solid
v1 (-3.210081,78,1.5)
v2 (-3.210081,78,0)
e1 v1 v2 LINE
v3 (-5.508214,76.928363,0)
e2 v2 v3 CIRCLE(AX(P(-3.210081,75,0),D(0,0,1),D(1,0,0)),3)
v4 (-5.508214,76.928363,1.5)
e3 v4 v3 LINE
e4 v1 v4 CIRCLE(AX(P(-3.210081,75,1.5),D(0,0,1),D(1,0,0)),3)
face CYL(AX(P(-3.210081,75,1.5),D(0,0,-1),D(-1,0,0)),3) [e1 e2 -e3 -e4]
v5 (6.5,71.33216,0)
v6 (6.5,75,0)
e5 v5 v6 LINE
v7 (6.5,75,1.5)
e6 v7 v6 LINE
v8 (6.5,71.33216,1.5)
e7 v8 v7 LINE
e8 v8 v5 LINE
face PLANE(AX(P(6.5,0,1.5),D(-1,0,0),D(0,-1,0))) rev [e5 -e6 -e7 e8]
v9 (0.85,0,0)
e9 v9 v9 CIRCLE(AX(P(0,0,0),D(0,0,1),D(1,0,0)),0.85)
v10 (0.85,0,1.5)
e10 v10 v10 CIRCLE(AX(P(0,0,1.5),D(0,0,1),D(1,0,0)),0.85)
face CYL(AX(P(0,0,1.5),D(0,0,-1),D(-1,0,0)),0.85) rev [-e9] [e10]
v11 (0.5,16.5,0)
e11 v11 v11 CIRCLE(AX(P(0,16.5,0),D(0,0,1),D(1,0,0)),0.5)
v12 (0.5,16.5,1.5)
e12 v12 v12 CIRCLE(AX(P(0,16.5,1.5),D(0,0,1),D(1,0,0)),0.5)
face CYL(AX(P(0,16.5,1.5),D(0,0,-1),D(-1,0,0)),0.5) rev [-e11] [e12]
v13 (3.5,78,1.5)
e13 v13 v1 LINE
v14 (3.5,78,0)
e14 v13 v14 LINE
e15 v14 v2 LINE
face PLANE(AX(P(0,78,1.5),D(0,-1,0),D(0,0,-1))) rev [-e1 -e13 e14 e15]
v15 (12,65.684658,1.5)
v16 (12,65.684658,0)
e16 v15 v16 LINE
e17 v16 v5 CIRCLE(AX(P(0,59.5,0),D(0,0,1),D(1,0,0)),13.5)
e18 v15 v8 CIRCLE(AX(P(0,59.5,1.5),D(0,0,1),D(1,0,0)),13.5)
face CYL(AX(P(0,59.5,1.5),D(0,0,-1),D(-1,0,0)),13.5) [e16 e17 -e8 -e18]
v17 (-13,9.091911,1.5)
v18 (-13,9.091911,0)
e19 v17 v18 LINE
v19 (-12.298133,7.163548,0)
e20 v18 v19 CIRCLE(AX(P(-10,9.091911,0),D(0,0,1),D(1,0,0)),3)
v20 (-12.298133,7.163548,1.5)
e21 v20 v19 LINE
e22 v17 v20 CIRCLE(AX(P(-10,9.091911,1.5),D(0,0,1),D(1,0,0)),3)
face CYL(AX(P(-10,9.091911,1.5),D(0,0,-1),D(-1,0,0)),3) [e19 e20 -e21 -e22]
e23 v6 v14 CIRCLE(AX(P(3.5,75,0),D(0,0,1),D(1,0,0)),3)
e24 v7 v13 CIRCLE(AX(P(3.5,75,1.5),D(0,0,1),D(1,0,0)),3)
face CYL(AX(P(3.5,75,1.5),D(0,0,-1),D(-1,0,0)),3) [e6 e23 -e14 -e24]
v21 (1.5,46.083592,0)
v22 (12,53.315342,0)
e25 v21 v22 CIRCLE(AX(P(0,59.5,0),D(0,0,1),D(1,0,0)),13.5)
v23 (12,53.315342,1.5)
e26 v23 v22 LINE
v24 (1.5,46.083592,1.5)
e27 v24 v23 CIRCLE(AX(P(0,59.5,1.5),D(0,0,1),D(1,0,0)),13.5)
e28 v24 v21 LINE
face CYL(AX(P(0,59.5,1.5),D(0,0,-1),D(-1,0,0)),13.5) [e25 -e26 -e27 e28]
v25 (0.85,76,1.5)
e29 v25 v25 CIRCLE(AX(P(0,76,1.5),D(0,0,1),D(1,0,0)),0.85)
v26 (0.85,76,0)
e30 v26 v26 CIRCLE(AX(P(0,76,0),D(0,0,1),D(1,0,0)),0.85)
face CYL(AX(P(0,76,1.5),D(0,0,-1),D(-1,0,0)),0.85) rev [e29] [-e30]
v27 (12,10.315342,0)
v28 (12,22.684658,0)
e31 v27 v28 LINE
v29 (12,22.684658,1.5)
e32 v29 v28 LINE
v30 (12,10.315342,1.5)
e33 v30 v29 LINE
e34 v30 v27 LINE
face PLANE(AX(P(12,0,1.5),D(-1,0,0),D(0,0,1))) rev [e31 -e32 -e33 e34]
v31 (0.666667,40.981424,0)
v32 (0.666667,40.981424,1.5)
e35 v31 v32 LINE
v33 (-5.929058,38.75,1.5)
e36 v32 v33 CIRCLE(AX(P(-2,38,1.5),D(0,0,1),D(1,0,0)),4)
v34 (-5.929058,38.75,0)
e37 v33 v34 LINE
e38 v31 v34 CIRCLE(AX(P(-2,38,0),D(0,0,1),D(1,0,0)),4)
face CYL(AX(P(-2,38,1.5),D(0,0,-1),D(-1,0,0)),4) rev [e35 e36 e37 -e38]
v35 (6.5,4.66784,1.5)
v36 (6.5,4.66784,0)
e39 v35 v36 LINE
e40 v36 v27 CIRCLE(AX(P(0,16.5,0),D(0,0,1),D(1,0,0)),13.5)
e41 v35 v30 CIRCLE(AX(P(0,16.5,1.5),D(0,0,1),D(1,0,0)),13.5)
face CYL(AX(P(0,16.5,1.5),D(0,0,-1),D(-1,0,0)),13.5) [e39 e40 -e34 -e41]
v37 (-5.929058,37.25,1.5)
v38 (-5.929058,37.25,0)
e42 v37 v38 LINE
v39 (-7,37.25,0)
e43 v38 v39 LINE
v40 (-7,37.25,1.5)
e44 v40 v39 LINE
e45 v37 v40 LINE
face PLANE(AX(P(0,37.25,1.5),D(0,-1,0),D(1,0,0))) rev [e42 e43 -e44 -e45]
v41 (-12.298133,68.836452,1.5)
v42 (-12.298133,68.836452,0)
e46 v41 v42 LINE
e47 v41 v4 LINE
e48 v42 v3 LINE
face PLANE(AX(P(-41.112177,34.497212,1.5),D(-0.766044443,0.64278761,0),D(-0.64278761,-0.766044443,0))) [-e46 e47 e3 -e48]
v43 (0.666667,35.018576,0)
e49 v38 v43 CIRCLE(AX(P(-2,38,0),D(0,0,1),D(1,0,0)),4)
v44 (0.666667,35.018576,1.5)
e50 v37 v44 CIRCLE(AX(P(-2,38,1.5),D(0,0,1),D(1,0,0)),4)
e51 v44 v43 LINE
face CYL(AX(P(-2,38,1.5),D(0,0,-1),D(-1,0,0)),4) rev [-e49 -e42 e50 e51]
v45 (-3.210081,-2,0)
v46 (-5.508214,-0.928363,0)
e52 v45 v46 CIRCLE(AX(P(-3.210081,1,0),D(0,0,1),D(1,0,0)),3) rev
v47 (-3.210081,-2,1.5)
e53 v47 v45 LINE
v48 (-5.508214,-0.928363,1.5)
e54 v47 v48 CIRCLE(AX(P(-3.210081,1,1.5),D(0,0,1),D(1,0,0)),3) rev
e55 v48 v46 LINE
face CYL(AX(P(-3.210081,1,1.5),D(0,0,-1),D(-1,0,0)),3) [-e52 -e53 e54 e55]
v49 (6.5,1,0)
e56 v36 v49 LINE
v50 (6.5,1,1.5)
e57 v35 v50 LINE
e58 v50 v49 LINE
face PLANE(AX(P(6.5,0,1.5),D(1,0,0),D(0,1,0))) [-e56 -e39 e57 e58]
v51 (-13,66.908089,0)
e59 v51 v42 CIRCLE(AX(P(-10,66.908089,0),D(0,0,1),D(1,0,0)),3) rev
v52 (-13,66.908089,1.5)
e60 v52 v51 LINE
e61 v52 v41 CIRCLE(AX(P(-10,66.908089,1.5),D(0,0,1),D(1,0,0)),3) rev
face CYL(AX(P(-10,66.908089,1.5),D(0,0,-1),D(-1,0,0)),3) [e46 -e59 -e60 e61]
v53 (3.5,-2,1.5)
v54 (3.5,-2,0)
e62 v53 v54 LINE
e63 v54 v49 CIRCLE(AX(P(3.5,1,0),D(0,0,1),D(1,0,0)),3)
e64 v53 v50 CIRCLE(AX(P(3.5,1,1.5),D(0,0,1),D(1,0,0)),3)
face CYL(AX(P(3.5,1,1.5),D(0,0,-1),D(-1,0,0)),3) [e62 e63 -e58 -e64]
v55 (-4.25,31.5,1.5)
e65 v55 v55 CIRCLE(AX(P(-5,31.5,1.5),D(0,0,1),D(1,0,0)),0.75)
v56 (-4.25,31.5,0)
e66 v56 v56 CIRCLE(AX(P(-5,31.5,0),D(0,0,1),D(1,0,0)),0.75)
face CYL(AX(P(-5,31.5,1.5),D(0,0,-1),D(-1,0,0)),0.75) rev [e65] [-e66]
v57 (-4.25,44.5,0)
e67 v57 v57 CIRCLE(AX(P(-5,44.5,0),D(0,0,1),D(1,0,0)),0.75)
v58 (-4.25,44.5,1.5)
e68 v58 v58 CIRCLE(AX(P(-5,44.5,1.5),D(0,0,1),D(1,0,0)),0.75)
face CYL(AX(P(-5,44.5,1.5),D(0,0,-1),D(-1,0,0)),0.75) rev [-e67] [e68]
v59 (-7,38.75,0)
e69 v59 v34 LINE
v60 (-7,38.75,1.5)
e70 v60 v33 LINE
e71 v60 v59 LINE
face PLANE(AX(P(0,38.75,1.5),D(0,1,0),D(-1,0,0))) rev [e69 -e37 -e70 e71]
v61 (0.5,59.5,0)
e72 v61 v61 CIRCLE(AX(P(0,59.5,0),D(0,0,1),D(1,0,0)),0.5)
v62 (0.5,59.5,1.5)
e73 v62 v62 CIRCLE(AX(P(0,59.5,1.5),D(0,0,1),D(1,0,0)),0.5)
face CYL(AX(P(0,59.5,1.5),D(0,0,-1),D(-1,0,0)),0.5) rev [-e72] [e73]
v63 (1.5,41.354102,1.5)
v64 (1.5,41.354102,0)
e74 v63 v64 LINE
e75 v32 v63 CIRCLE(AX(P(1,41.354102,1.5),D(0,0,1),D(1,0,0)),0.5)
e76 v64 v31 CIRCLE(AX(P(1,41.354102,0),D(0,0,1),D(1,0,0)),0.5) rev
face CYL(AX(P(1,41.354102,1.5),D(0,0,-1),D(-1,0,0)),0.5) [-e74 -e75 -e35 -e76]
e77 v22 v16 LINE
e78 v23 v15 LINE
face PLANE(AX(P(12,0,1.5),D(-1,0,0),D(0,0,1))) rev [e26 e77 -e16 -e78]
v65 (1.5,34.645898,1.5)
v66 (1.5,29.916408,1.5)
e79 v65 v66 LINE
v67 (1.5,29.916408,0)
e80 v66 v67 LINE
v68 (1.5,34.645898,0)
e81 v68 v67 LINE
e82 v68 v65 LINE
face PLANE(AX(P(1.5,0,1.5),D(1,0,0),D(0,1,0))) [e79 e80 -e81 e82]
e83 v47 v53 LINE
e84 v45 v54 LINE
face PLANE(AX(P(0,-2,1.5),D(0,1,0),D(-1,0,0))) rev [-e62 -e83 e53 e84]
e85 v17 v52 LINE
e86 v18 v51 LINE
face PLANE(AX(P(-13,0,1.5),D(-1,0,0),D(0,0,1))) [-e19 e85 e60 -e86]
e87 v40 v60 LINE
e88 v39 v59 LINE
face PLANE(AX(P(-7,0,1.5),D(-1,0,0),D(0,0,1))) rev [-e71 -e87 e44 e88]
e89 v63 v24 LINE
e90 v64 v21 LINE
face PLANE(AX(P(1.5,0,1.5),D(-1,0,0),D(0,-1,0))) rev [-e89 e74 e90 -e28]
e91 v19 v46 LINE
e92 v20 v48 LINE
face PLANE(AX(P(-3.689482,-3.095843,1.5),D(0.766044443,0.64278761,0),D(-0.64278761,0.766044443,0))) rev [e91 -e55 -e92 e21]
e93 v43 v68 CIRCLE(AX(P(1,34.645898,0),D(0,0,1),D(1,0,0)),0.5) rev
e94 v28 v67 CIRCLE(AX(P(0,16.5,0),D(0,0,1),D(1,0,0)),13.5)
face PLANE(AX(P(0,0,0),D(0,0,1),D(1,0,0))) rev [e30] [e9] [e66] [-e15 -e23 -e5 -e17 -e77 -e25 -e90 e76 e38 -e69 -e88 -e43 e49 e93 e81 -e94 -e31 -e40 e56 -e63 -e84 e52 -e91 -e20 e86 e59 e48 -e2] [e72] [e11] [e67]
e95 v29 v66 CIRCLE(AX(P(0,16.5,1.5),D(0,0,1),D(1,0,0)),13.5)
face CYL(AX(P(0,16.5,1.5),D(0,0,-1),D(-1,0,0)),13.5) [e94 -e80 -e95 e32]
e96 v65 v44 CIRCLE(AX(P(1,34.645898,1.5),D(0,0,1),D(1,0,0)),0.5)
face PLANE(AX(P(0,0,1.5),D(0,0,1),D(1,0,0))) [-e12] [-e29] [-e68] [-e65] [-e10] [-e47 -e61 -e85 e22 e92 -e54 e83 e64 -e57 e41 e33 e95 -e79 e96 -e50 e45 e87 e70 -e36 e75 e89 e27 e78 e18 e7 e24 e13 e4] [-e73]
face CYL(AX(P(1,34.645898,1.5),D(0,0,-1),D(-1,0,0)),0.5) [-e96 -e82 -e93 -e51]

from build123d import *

# Parameters (mm, degrees)
SKETCH_1_R      = 0.85
SKETCH_1_R_2    = 0.5
SKETCH_1_R_3    = 0.75
EXTRUDE_1_DEPTH = 1.5
FILLET_1_R      = 0.5


with BuildPart() as part:
    # Эскиз1 → Бобышка-Вытянуть1 (new body)
    with BuildSketch(Plane.XY):
        with BuildLine():
            Line((-13, 9.091910703), (-13, 66.908089297))
            ThreePointArc((-13, 66.908089297), (-12.819077862, 67.934149727), (-12.298133329, 68.836452126))
            Line((-12.298133329, 68.836452126), (-5.508214043, 76.928362829))
            ThreePointArc((-5.508214043, 76.928362829), (-4.477935499, 77.718923361), (-3.210080714, 78))
            Line((-3.210080714, 78), (3.5, 78))
            ThreePointArc((3.5, 78), (5.621320344, 77.121320344), (6.5, 75))
            Line((6.5, 75), (6.5, 71.332159566))
            ThreePointArc((6.5, 71.332159566), (9.671404616, 68.918807395), (12, 65.684658438))
            Line((12, 65.684658438), (12, 53.315341562))
            ThreePointArc((12, 53.315341562), (7.657483264, 48.381863913), (1.5, 46.083592135))
            Line((1.5, 46.083592135), (1.5, 39.936491673))
            ThreePointArc((1.5, 39.936491673), (-2.630843406, 41.949941341), (-5.929058411, 38.75))
            Line((-5.929058411, 38.75), (-7, 38.75))
            Line((-7, 38.75), (-7, 37.25))
            Line((-7, 37.25), (-5.929058411, 37.25))
            ThreePointArc((-5.929058411, 37.25), (-2.630843406, 34.050058659), (1.5, 36.063508327))
            Line((1.5, 36.063508327), (1.5, 29.916407865))
            ThreePointArc((1.5, 29.916407865), (7.657483264, 27.618136087), (12, 22.684658438))
            Line((12, 22.684658438), (12, 10.315341562))
            ThreePointArc((12, 10.315341562), (9.671404616, 7.081192605), (6.5, 4.667840434))
            Line((6.5, 4.667840434), (6.5, 1))
            ThreePointArc((6.5, 1), (5.621320344, -1.121320344), (3.5, -2))
            Line((3.5, -2), (-3.210080714, -2))
            ThreePointArc((-3.210080714, -2), (-4.477935499, -1.718923361), (-5.508214043, -0.928362829))
            Line((-5.508214043, -0.928362829), (-12.298133329, 7.163547874))
            ThreePointArc((-12.298133329, 7.163547874), (-12.819077862, 8.065850273), (-13, 9.091910703))
        make_face()
        Circle(SKETCH_1_R, mode=Mode.SUBTRACT)
        with Locations((0, 76)):
            Circle(SKETCH_1_R, mode=Mode.SUBTRACT)
        with Locations((0, 16.5)):
            Circle(SKETCH_1_R_2, mode=Mode.SUBTRACT)
        with Locations((0, 59.5)):
            Circle(SKETCH_1_R_2, mode=Mode.SUBTRACT)
        with Locations((-5, 44.5)):
            Circle(SKETCH_1_R_3, mode=Mode.SUBTRACT)
        with Locations((-5, 31.5)):
            Circle(SKETCH_1_R_3, mode=Mode.SUBTRACT)
    extrude(amount=EXTRUDE_1_DEPTH)

    # Скругление1
    fillet_1_edges = [part.edges().sort_by_distance(p)[0] for p in [
        (1.5, 36.063508327, 0.75),
        (1.5, 39.936491673, 0.75),
    ]]
    fillet(fillet_1_edges, radius=FILLET_1_R)


solid = part.part
